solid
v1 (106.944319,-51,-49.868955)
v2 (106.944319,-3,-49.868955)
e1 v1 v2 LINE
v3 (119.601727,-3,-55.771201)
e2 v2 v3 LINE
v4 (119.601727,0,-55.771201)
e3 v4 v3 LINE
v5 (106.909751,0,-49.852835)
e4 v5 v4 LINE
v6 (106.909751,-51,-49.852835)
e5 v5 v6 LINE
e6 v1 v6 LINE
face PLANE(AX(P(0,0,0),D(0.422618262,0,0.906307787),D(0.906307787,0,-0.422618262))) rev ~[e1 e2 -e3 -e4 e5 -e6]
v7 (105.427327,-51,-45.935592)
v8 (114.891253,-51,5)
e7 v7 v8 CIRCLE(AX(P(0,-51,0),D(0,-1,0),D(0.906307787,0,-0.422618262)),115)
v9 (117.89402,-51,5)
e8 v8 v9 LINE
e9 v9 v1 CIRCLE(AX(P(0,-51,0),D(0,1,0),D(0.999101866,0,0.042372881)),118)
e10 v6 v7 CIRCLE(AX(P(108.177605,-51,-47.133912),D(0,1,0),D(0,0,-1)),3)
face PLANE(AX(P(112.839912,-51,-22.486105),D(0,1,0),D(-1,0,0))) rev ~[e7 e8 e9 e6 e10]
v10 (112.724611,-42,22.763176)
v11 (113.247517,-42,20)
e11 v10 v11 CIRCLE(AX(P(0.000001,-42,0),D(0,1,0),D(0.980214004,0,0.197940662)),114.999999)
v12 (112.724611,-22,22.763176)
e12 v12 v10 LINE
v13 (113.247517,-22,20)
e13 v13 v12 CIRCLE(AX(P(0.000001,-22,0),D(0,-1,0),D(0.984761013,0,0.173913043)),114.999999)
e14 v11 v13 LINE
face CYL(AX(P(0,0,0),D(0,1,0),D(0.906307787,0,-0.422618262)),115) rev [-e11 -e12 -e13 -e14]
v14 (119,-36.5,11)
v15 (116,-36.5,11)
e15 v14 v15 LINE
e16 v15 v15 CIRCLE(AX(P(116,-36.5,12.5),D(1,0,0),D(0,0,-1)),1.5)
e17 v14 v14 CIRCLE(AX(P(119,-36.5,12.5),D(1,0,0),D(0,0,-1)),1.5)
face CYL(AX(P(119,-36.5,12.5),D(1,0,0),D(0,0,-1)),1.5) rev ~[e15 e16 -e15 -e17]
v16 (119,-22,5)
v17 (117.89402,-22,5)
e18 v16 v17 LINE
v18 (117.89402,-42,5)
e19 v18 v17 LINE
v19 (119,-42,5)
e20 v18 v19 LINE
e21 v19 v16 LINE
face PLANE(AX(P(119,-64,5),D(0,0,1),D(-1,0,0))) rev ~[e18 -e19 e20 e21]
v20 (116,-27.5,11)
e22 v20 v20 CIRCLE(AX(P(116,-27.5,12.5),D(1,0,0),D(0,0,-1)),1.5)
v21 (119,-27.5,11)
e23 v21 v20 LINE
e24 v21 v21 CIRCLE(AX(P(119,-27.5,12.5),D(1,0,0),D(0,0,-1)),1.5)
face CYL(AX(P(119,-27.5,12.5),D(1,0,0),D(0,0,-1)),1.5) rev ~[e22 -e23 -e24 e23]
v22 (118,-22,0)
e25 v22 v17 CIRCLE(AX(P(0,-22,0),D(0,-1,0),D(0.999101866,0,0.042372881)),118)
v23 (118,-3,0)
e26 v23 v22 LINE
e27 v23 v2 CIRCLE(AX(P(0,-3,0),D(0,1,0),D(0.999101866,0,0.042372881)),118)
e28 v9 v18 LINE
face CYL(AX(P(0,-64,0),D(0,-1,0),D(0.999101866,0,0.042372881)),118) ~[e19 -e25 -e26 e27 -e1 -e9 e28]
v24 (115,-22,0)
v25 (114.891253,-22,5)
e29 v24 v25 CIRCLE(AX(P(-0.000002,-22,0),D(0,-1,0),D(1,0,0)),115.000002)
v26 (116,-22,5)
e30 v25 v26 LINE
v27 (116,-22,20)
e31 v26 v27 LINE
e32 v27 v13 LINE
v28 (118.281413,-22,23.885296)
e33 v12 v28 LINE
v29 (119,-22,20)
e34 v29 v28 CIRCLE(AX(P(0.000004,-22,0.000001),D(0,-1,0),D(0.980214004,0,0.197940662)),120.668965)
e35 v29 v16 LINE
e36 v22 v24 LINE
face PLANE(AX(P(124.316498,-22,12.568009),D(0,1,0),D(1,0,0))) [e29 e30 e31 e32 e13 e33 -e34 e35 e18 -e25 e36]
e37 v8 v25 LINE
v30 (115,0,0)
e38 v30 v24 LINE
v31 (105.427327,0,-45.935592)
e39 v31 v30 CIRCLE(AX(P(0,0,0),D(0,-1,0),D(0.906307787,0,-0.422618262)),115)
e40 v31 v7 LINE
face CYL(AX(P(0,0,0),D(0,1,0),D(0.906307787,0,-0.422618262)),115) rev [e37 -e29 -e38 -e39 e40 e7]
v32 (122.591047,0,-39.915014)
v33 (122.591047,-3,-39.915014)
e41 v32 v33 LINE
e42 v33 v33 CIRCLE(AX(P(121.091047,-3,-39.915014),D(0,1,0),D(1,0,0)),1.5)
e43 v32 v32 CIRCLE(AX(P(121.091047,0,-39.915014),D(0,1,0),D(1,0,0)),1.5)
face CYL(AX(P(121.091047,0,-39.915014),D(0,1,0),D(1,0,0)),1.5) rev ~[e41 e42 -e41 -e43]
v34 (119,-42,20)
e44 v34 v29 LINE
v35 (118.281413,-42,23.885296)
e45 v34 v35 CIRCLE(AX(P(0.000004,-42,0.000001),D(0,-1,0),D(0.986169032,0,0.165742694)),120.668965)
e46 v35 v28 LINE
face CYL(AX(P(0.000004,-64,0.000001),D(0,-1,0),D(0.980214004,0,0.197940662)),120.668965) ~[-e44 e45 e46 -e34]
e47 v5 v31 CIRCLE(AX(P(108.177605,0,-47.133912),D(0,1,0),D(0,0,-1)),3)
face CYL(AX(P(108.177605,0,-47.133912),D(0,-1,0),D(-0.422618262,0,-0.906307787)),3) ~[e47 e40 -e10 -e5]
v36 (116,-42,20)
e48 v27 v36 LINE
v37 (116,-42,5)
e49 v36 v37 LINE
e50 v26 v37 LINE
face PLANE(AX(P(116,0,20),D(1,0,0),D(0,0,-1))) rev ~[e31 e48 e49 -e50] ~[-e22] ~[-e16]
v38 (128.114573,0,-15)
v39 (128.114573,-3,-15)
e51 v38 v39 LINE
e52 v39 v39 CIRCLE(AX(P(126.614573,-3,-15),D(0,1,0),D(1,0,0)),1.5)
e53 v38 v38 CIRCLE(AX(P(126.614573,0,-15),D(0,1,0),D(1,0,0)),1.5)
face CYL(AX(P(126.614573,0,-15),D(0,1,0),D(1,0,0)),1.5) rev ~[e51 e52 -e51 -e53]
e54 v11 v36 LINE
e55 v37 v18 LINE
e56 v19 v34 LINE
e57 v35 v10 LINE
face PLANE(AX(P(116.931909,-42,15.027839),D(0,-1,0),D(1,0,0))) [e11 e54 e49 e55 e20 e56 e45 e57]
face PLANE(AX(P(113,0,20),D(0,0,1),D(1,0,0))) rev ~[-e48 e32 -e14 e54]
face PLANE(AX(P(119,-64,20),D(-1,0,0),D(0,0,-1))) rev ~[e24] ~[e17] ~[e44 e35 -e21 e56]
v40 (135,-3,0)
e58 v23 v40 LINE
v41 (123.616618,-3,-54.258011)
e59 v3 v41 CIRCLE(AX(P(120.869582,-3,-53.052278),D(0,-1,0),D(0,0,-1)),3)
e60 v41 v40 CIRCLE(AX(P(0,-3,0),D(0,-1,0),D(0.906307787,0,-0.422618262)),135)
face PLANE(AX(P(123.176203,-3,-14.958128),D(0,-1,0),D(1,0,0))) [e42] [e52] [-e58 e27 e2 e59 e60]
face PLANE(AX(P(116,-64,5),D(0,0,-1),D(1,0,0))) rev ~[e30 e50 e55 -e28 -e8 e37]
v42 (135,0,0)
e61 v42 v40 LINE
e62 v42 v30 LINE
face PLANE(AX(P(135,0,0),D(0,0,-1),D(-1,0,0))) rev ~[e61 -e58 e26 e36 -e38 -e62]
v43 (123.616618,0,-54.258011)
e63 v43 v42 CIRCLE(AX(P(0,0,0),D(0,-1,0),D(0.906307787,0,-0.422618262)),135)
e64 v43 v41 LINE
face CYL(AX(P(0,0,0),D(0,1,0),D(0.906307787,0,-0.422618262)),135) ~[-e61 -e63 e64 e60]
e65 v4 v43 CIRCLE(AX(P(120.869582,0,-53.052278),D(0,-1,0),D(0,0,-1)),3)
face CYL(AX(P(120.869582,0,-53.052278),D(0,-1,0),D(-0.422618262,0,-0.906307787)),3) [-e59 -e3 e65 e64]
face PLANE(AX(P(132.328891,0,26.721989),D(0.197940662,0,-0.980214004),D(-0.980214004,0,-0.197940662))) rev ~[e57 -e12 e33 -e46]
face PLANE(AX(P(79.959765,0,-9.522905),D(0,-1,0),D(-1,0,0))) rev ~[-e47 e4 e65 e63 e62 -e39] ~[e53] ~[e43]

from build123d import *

# Parameters (mm, degrees)
EXTRUDE_1_DEPTH      = 64
CUT_EXTRUDE_1_DEPTH  = 64
SKETCH_4_W           = 3
SKETCH_4_H           = 15
CUT_EXTRUDE_2_DEPTH  = 84
CUT_EXTRUDE_3_DEPTH  = 61
CUT_EXTRUDE_4_DEPTH  = 22
CUT_EXTRUDE_5_DEPTH  = 22
FILLET_1_R           = 3
SKETCH_8_R           = 1.5
CUT_EXTRUDE_8_DEPTH  = 10
CUT_EXTRUDE_9_DEPTH  = 13
SKETCH_10_R          = 1.5
CUT_EXTRUDE_10_DEPTH = 10
FILLET_2_R           = 3


with BuildPart() as part:
    # 草图2 → 凸台-拉伸1 (new body)
    with BuildSketch(Plane(origin=(0, 0, 0), x_dir=(1, 0, 0), z_dir=(0, 1, 0))):
        with BuildLine():
            Line((0, 0), (122.35155125, 57.053465335))
            ThreePointArc((122.35155125, 57.053465335), (134.052652215, 15.965163138), (132.328890593, -26.721989344))
            Line((132.328890593, -26.721989344), (0, 0))
        make_face()
    extrude(amount=-EXTRUDE_1_DEPTH)

    # 草图3 → 切除-拉伸1 (cut)
    with BuildSketch(Plane(origin=(0, 0, 0), x_dir=(1, 0, 0), z_dir=(0, 1, 0))):
        with BuildLine():
            Line((0, 0), (104.225395509, 48.6011001))
            ThreePointArc((104.225395509, 48.6011001), (114.193000035, 13.599953785), (112.724610505, -22.763176108))
            Line((112.724610505, -22.763176108), (0, 0))
        make_face()
    extrude(amount=-CUT_EXTRUDE_1_DEPTH, mode=Mode.SUBTRACT)

    # 草图4 → 切除-拉伸2 (cut)
    with BuildSketch(Plane(origin=(0, 0, 0), x_dir=(1, 0, 0), z_dir=(0, 1, 0))):
        with Locations((114.5, -12.5)):
            Rectangle(SKETCH_4_W, SKETCH_4_H)
    extrude(amount=-CUT_EXTRUDE_2_DEPTH, mode=Mode.SUBTRACT)

    # 草图5 → 切除-拉伸3 (cut)
    with BuildSketch(Plane.XZ.offset(64)):
        with BuildLine():
            Line((132.328890593, 26.721989344), (118.281412986, 23.885295518))
            ThreePointArc((118.281412986, 23.885295518), (118.656610088, 21.945589136), (119, 20))
            Line((119, 20), (119, 5))
            Line((119, 5), (117.894020205, 5))
            ThreePointArc((117.894020205, 5), (115.718279593, -23.092851014), (106.94431887, -49.868954885))
            Line((106.94431887, -49.868954885), (122.35155125, -57.053465335))
            ThreePointArc((122.35155125, -57.053465335), (134.052652215, -15.965163138), (132.328890593, 26.721989344))
        make_face()
    extrude(amount=-CUT_EXTRUDE_3_DEPTH, mode=Mode.SUBTRACT)

    # 草图6 → 切除-拉伸4 (cut)
    with BuildSketch(Plane(origin=(0, 0, 0), x_dir=(1, 0, 0), z_dir=(0, 1, 0))):
        with BuildLine():
            Line((135, 0), (115, 0))
            ThreePointArc((115, 0), (114.972810018, -2.500591226), (114.891252931, -5))
            Line((114.891252931, -5), (116, -5))
            Line((116, -5), (116, -20))
            Line((116, -20), (113.247516529, -20))
            ThreePointArc((113.247516529, -20), (112.994510197, -21.383186511), (112.724610505, -22.763176108))
            Line((112.724610505, -22.763176108), (132.328890593, -26.721989344))
            ThreePointArc((132.328890593, -26.721989344), (134.330562848, -13.427579268), (135, 0))
        make_face()
    extrude(amount=-CUT_EXTRUDE_4_DEPTH, mode=Mode.SUBTRACT)

    # 草图7 → 切除-拉伸5 (cut)
    with BuildSketch(Plane.XZ.offset(64)):
        with BuildLine():
            Line((116, 5), (119, 5))
            Line((119, 5), (119, 20))
            ThreePointArc((119, 20), (118.656610088, 21.945589136), (118.281412986, 23.885295518))
            Line((118.281412986, 23.885295518), (112.724610505, 22.763176108))
            ThreePointArc((112.724610505, 22.763176108), (112.994510197, 21.383186511), (113.247516529, 20))
            Line((113.247516529, 20), (116, 20))
            Line((116, 20), (116, 5))
        make_face()
    extrude(amount=-CUT_EXTRUDE_5_DEPTH, mode=Mode.SUBTRACT)

    # 圆角1
    fillet_1_edges = [part.edges().sort_by_distance(p)[0] for p in [
        (122.35155125, -1.5, -57.053465335),
    ]]
    fillet(fillet_1_edges, radius=FILLET_1_R)

    # 草图8 → 切除-拉伸8 (cut)
    with BuildSketch(Plane(origin=(119, 0, 0), x_dir=(0, 0, -1), z_dir=(1, 0, 0))):
        with Locations((-12.5, -27.5)):
            Circle(SKETCH_8_R)
        with Locations((-12.5, -36.5)):
            Circle(SKETCH_8_R)
    extrude(amount=-CUT_EXTRUDE_8_DEPTH, mode=Mode.SUBTRACT)

    # 草图9 → 切除-拉伸9 (cut)
    with BuildSketch(Plane.XZ.offset(64)):
        with BuildLine():
            Line((106.94431887, -49.868954885), (104.225395509, -48.6011001))
            ThreePointArc((104.225395509, -48.6011001), (112.788722348, -22.443353384), (114.891252931, 5))
            Line((114.891252931, 5), (117.894020205, 5))
            ThreePointArc((117.894020205, 5), (115.718279593, -23.092851014), (106.94431887, -49.868954885))
        make_face()
    extrude(amount=-CUT_EXTRUDE_9_DEPTH, mode=Mode.SUBTRACT)

    # 草图10 → 切除-拉伸10 (cut)
    with BuildSketch(Plane(origin=(0, 0, 0), x_dir=(1, 0, 0), z_dir=(0, 1, 0))):
        with Locations((121.091047045, 39.915013787)):
            Circle(SKETCH_10_R)
        with Locations((126.614572621, 15)):
            Circle(SKETCH_10_R)
    extrude(amount=-CUT_EXTRUDE_10_DEPTH, mode=Mode.SUBTRACT)

    # 圆角2
    fillet_2_edges = [part.edges().sort_by_distance(p)[0] for p in [
        (104.225395509, -25.5, -48.6011001),
    ]]
    fillet(fillet_2_edges, radius=FILLET_2_R)


solid = part.part
